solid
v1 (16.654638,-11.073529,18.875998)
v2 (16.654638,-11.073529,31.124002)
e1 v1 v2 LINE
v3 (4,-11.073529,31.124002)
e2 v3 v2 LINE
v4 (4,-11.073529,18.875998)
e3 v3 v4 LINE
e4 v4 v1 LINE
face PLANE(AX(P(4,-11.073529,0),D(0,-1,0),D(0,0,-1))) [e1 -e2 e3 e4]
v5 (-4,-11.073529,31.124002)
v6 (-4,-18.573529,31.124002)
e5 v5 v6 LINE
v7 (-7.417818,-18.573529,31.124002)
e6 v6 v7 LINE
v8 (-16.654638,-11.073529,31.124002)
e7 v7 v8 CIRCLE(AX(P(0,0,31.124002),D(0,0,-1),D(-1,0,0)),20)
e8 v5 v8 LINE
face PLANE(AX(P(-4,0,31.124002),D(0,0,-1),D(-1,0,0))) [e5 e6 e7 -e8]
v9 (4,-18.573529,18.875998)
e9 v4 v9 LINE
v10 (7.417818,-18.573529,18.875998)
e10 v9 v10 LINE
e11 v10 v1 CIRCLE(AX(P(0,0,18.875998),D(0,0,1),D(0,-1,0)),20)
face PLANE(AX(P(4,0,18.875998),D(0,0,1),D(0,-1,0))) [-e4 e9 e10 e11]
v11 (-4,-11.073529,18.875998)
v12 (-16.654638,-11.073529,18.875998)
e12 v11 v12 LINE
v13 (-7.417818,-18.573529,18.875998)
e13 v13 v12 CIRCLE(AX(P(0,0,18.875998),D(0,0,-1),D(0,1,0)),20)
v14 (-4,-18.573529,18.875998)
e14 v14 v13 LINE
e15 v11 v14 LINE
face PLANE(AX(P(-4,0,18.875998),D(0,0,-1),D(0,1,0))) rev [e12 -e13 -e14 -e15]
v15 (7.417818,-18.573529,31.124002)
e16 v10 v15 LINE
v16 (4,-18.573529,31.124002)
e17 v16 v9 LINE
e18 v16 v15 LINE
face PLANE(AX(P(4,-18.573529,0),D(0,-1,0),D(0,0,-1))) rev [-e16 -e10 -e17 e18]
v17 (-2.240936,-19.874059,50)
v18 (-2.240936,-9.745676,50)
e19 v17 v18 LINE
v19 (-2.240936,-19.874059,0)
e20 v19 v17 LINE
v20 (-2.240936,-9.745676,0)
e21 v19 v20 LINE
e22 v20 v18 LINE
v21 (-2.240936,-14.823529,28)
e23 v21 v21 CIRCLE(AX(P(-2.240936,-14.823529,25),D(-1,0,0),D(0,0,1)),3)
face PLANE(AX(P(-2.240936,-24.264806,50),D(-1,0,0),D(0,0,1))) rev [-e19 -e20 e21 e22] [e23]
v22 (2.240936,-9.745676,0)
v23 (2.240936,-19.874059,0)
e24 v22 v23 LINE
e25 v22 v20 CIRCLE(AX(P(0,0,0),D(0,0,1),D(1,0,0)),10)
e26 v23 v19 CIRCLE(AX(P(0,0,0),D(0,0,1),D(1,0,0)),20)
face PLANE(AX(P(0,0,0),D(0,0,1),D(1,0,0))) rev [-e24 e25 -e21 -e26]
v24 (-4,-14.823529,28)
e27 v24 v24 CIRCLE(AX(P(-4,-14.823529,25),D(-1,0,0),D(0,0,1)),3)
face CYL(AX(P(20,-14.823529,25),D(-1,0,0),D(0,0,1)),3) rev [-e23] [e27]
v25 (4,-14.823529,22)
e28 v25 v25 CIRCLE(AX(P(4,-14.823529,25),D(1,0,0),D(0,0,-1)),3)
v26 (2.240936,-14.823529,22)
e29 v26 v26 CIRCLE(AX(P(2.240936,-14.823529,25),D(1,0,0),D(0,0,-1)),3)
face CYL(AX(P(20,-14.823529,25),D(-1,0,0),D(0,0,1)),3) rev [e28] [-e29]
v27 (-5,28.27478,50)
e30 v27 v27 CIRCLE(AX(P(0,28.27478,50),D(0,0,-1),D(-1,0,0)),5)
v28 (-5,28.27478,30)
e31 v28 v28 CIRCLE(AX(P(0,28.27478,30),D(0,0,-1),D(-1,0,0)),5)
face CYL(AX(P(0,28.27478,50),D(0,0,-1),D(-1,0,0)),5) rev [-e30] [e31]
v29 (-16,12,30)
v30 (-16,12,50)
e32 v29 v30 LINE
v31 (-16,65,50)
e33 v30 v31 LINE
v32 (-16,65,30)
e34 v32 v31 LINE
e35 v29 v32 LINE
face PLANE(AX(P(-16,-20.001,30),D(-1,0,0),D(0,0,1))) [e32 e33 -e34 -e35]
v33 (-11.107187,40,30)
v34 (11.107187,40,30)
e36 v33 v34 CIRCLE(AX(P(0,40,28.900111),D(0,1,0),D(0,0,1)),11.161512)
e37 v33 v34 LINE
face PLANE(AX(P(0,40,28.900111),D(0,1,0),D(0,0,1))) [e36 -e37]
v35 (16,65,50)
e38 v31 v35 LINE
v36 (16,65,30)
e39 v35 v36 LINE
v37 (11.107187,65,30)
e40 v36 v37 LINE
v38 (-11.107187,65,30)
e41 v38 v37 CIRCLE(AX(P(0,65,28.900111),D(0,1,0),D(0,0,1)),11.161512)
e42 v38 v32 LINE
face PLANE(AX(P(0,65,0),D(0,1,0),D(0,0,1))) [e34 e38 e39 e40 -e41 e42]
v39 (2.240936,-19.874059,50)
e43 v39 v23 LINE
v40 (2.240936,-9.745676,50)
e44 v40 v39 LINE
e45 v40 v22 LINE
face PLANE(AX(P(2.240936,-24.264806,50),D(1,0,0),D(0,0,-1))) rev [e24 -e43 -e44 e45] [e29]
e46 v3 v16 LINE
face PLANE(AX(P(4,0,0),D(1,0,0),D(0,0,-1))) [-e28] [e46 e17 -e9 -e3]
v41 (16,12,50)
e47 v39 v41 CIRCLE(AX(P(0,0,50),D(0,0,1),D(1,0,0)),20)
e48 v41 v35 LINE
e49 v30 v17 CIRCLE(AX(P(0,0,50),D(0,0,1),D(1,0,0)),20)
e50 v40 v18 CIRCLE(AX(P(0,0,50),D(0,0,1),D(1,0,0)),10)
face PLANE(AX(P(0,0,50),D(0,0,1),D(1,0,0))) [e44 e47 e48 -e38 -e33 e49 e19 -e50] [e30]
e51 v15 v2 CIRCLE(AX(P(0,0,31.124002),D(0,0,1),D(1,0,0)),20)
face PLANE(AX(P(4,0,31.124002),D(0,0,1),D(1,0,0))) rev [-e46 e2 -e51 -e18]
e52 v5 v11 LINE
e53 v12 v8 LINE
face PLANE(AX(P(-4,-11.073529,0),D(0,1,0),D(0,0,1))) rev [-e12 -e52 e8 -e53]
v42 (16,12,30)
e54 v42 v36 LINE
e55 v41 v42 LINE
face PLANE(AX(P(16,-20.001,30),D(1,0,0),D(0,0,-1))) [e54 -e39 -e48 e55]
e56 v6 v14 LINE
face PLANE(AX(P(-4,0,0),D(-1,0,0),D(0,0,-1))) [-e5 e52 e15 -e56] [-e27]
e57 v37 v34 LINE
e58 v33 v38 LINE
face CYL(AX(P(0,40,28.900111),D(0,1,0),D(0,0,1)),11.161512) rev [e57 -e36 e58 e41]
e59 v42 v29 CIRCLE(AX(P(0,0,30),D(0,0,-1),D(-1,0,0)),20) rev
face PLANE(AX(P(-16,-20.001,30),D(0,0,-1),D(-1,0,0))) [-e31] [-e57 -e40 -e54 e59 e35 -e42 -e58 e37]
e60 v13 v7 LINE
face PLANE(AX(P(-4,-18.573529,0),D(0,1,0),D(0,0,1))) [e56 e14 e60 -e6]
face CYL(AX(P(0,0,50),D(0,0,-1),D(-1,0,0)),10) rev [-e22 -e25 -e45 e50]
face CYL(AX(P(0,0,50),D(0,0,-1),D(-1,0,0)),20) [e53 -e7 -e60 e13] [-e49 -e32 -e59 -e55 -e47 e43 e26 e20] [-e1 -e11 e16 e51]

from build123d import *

# Parameters (mm, degrees)
SKETCH1_R           = 20
SKETCH1_R_2         = 10
BOSS_EXTRUDE2_DEPTH = 50
BOSS_EXTRUDE3_REACH = 87
SKETCH4_W           = 32
SKETCH4_H           = 20
SKETCH5_R           = 11.161512364
CUT_EXTRUDE1_DEPTH  = 25
SKETCH7_W           = 4.481872956
SKETCH7_H           = 18.163379873
CUT_EXTRUDE2_DEPTH  = 51
SKETCH9_R           = 5
CUT_EXTRUDE3_DEPTH  = 21
CUT_EXTRUDE4_START  = 19
SKETCH10_W          = 12.248004276
SKETCH10_H          = 7.5
CUT_EXTRUDE4_DEPTH  = 15
SKETCH11_R          = 3
CUT_EXTRUDE5_DEPTH  = 25


with BuildPart() as part:
    # Sketch1 → Boss-Extrude2 (new body)
    with BuildSketch(Plane.XY):
        Circle(SKETCH1_R)
        Circle(SKETCH1_R_2, mode=Mode.SUBTRACT)
    extrude(amount=BOSS_EXTRUDE2_DEPTH)

    # Sketch4 → Boss-Extrude3 (add, up to next)
    with BuildSketch(Plane(origin=(0, 65, 0), x_dir=(1, 0, 0), z_dir=(0, 1, 0)), mode=Mode.PRIVATE) as boss_extrude3_sk1:
        with Locations((0, -40)):
            Rectangle(SKETCH4_W, SKETCH4_H)
    boss_extrude3_tool1 = extrude(boss_extrude3_sk1.sketch, amount=-BOSS_EXTRUDE3_REACH, mode=Mode.PRIVATE) - part.part
    add(boss_extrude3_tool1.solids().sort_by_distance((0, 65, 40))[0])

    # Sketch5 → Cut-Extrude1 (cut)
    with BuildSketch(Plane(origin=(0, 65, 0), x_dir=(1, 0, 0), z_dir=(0, 1, 0))):
        with Locations((0, -28.900111213)):
            Circle(SKETCH5_R)
    extrude(amount=-CUT_EXTRUDE1_DEPTH, mode=Mode.SUBTRACT)

    # Sketch7 → Cut-Extrude2 (cut, through all)
    with BuildSketch(Plane(origin=(0, 0, 0), x_dir=(-1, 0, 0), z_dir=(0, 0, -1))):
        with Locations((0, -15.183116037)):
            Rectangle(SKETCH7_W, SKETCH7_H)
    extrude(amount=-CUT_EXTRUDE2_DEPTH, mode=Mode.SUBTRACT)

    # Sketch9 → Cut-Extrude3 (cut, through all)
    with BuildSketch(Plane(origin=(0, 0, 30), x_dir=(-1, 0, 0), z_dir=(0, 0, -1))):
        with Locations((0, 28.274780399)):
            Circle(SKETCH9_R)
    extrude(amount=-CUT_EXTRUDE3_DEPTH, mode=Mode.SUBTRACT)

    # Sketch10 → Cut-Extrude4 (cut)
    with BuildSketch(Plane(origin=(0, 0, 0), x_dir=(0, 0, -1), z_dir=(1, 0, 0)).offset(CUT_EXTRUDE4_START)):
        with Locations((-25, -14.823528739)):
            Rectangle(SKETCH10_W, SKETCH10_H)
    cut_extrude4 = extrude(amount=-CUT_EXTRUDE4_DEPTH, mode=Mode.SUBTRACT)

    # Mirror1: Cut-Extrude4 across plane
    add(cut_extrude4.mirror(Plane(origin=(0, 0, 0), x_dir=(0, 0, 1), z_dir=(1, 0, 0))), mode=Mode.SUBTRACT)

    # Sketch11 → Cut-Extrude5 (cut, through all)
    with BuildSketch(Plane.ZY.offset(4)):
        with Locations((25, -14.823528739)):
            Circle(SKETCH11_R)
    extrude(amount=-CUT_EXTRUDE5_DEPTH, mode=Mode.SUBTRACT)


solid = part.part
